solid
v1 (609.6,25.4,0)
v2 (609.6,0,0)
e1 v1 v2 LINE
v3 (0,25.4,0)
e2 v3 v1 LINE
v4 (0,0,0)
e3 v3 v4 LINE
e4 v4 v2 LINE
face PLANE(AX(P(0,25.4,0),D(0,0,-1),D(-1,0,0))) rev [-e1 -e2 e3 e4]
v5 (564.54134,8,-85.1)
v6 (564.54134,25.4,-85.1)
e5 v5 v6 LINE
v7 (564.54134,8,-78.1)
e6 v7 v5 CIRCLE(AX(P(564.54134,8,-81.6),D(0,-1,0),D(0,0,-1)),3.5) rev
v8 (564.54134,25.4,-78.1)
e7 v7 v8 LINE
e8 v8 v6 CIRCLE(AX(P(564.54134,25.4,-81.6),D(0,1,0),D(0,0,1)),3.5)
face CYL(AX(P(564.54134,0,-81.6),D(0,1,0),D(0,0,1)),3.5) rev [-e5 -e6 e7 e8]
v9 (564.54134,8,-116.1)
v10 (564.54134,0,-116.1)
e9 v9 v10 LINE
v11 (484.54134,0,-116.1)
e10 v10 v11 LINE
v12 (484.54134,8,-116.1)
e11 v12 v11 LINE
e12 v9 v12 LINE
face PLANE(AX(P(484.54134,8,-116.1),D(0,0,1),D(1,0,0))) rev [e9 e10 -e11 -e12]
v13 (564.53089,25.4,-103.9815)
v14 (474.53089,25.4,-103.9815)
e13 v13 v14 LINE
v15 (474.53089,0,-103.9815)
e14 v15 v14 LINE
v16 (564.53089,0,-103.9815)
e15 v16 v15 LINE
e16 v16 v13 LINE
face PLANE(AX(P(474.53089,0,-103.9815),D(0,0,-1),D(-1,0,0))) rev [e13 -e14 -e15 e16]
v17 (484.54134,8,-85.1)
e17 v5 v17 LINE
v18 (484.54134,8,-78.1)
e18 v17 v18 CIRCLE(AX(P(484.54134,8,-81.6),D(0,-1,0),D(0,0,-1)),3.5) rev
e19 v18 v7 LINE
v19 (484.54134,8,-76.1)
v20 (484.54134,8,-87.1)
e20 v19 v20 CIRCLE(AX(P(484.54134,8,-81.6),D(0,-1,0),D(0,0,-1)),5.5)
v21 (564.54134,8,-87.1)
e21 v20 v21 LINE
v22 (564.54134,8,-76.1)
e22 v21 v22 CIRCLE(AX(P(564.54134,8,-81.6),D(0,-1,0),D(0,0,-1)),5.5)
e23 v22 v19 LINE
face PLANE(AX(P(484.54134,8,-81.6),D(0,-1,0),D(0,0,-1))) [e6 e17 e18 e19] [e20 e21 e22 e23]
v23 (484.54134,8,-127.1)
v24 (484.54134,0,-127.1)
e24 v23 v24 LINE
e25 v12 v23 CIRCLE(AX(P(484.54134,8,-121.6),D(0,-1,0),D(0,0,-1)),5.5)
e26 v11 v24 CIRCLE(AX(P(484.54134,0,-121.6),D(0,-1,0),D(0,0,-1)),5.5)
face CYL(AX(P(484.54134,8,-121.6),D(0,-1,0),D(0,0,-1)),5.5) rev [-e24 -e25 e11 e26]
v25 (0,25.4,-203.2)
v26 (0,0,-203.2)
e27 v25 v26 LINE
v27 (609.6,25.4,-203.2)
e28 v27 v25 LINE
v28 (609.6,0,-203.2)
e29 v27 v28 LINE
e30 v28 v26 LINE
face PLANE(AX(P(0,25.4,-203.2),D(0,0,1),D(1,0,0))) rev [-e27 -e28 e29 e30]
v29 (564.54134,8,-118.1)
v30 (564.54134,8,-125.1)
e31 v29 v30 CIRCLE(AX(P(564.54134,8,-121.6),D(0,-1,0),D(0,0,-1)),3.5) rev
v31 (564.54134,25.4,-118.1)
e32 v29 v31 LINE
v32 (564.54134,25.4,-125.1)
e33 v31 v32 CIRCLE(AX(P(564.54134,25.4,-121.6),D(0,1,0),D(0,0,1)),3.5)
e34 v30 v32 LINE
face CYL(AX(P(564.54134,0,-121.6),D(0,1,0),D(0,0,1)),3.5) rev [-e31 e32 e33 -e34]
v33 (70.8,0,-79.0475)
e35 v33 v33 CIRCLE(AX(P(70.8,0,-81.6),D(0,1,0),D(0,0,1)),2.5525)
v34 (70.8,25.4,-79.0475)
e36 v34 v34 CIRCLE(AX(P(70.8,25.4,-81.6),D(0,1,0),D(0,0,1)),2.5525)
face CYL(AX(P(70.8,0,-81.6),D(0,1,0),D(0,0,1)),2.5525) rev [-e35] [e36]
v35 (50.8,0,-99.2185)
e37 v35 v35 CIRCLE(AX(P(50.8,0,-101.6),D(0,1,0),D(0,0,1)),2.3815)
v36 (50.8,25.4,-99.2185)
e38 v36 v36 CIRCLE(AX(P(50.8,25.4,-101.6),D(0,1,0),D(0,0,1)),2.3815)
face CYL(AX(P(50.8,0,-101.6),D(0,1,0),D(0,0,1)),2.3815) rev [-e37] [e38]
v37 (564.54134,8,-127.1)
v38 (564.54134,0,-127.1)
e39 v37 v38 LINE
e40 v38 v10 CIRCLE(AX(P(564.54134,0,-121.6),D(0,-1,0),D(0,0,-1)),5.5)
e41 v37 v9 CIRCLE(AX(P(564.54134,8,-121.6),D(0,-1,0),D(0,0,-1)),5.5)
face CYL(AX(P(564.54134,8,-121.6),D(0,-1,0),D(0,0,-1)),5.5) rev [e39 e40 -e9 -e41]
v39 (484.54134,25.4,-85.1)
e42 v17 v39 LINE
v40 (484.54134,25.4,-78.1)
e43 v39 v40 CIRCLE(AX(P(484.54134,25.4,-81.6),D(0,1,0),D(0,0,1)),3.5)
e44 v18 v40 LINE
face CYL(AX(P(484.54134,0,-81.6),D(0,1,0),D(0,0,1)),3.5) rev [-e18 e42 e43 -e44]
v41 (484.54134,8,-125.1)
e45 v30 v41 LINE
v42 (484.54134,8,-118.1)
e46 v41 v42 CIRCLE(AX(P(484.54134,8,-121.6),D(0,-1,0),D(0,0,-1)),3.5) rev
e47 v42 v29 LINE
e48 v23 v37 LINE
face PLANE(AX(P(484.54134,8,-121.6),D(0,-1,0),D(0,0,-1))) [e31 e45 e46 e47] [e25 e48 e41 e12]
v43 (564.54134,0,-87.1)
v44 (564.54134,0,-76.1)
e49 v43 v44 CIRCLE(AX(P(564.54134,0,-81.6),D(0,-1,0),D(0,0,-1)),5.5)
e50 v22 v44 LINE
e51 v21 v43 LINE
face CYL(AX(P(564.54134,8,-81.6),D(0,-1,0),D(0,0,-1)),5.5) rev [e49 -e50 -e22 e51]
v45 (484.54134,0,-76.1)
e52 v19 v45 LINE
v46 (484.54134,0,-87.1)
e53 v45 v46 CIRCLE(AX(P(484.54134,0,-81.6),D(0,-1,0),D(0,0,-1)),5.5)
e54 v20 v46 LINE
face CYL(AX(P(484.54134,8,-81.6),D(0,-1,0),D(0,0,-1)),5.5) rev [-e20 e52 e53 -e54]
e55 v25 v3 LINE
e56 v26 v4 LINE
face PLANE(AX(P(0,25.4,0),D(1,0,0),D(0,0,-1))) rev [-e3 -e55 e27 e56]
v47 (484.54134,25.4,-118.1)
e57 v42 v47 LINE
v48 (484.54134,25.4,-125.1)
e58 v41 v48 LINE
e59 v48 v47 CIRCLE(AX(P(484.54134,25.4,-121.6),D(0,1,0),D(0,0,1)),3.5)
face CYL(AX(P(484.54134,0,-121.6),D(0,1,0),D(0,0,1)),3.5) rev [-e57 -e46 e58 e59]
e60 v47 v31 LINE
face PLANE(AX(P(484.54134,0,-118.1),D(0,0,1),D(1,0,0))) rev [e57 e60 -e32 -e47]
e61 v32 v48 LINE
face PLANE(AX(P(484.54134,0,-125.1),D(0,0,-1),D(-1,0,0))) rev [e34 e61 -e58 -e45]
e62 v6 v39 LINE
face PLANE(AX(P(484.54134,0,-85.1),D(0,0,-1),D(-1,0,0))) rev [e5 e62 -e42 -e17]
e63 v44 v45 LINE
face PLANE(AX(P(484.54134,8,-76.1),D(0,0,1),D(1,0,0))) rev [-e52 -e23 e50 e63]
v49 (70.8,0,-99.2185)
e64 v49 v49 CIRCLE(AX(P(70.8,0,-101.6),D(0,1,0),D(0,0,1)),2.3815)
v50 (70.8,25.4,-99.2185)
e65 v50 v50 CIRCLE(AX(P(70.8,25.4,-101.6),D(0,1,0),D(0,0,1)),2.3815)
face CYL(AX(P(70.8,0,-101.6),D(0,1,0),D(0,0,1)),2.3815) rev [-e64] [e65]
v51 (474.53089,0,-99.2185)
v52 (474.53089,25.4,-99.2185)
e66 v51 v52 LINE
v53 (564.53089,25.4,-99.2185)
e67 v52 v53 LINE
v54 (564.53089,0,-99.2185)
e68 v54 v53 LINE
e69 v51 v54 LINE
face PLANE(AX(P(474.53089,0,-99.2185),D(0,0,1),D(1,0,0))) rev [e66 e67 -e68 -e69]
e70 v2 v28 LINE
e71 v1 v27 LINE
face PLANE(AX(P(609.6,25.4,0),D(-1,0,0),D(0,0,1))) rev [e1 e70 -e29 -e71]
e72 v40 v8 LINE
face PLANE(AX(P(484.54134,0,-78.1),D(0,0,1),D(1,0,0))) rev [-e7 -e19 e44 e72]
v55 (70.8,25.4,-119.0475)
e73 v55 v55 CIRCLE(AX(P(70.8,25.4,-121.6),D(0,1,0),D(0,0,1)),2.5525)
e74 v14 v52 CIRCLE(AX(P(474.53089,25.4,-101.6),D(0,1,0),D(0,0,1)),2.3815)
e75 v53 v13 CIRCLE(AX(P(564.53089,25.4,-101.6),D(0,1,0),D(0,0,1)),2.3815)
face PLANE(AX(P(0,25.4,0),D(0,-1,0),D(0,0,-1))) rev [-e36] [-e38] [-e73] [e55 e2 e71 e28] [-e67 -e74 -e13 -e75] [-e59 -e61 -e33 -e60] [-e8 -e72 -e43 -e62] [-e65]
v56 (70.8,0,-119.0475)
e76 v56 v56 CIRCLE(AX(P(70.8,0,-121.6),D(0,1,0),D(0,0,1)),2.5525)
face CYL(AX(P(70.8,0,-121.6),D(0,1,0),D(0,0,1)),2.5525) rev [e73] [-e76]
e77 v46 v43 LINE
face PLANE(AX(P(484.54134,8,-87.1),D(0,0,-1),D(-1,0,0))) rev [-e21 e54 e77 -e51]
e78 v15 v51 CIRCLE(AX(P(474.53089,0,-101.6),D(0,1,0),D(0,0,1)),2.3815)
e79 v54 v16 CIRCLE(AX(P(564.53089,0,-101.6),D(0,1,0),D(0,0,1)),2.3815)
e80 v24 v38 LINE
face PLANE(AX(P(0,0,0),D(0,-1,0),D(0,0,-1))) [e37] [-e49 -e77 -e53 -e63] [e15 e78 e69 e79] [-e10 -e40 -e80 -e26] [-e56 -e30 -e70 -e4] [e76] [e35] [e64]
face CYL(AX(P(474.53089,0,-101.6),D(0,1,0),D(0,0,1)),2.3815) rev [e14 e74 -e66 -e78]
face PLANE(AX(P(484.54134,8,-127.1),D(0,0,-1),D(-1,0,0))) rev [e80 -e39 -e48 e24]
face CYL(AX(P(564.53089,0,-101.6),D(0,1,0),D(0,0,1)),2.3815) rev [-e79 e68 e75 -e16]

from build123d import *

# Parameters (mm, degrees)
SKETCH1_W           = 609.6
SKETCH1_H           = 203.2
BOSS_EXTRUDE1_DEPTH = 25.4
SKETCH2_R           = 2.3815
SKETCH2_R_2         = 2.5525
CUT_EXTRUDE2_DEPTH  = 26.4
CUT_EXTRUDE3_DEPTH  = 8


with BuildPart() as part:
    # Sketch1 → Boss-Extrude1 (new body)
    with BuildSketch(Plane(origin=(0, 0, 0), x_dir=(1, 0, 0), z_dir=(0, 1, 0))):
        with Locations((304.8, 101.6)):
            Rectangle(SKETCH1_W, SKETCH1_H)
    extrude(amount=BOSS_EXTRUDE1_DEPTH)

    # Sketch2 → Cut-Extrude2 (cut, through all)
    with BuildSketch(Plane(origin=(0, 25.4, 0), x_dir=(1, 0, 0), z_dir=(0, 1, 0))):
        with Locations(Location((50.8, 101.6, 0), (0, 0, 270))):  # turned: the seam where the file's is
            Circle(SKETCH2_R)
        with Locations(Location((70.8, 101.6, 0), (0, 0, 270))):  # turned: the seam where the file's is
            Circle(SKETCH2_R)
        with Locations(Location((70.8, 121.6, 0), (0, 0, 270))):  # turned: the seam where the file's is
            Circle(SKETCH2_R_2)
        with Locations(Location((70.8, 81.6, 0), (0, 0, 270))):  # turned: the seam where the file's is
            Circle(SKETCH2_R_2)
        with BuildLine():
            Line((474.530890234, 103.9815), (564.530890234, 103.9815))
            ThreePointArc((564.530890234, 103.9815), (566.912390234, 101.6), (564.530890234, 99.2185))
            Line((564.530890234, 99.2185), (474.530890234, 99.2185))
            ThreePointArc((474.530890234, 99.2185), (472.149390234, 101.6), (474.530890234, 103.9815))
        make_face()
        with BuildLine():
            Line((484.541340045, 125.1), (564.541340045, 125.1))
            ThreePointArc((564.541340045, 125.1), (568.041340045, 121.6), (564.541340045, 118.1))
            Line((564.541340045, 118.1), (484.541340045, 118.1))
            ThreePointArc((484.541340045, 118.1), (481.041340045, 121.6), (484.541340045, 125.1))
        make_face()
        with BuildLine():
            Line((484.541340045, 85.1), (564.541340045, 85.1))
            ThreePointArc((564.541340045, 85.1), (568.041340045, 81.6), (564.541340045, 78.1))
            Line((564.541340045, 78.1), (484.541340045, 78.1))
            ThreePointArc((484.541340045, 78.1), (481.041340045, 81.6), (484.541340045, 85.1))
        make_face()
    extrude(amount=-CUT_EXTRUDE2_DEPTH, mode=Mode.SUBTRACT)

    # Sketch7 → Cut-Extrude3 (cut)
    with BuildSketch(Plane.XZ):
        with BuildLine():
            Line((484.541340045, -76.1), (564.541340045, -76.1))
            ThreePointArc((564.541340045, -76.1), (570.041340045, -81.6), (564.541340045, -87.1))
            Line((564.541340045, -87.1), (484.541340045, -87.1))
            ThreePointArc((484.541340045, -87.1), (479.041340045, -81.6), (484.541340045, -76.1))
        make_face()
        with BuildLine():
            Line((484.541340045, -116.1), (564.541340045, -116.1))
            ThreePointArc((564.541340045, -116.1), (570.041340045, -121.6), (564.541340045, -127.1))
            Line((564.541340045, -127.1), (484.541340045, -127.1))
            ThreePointArc((484.541340045, -127.1), (479.041340045, -121.6), (484.541340045, -116.1))
        make_face()
    extrude(amount=-CUT_EXTRUDE3_DEPTH, mode=Mode.SUBTRACT)


solid = part.part
